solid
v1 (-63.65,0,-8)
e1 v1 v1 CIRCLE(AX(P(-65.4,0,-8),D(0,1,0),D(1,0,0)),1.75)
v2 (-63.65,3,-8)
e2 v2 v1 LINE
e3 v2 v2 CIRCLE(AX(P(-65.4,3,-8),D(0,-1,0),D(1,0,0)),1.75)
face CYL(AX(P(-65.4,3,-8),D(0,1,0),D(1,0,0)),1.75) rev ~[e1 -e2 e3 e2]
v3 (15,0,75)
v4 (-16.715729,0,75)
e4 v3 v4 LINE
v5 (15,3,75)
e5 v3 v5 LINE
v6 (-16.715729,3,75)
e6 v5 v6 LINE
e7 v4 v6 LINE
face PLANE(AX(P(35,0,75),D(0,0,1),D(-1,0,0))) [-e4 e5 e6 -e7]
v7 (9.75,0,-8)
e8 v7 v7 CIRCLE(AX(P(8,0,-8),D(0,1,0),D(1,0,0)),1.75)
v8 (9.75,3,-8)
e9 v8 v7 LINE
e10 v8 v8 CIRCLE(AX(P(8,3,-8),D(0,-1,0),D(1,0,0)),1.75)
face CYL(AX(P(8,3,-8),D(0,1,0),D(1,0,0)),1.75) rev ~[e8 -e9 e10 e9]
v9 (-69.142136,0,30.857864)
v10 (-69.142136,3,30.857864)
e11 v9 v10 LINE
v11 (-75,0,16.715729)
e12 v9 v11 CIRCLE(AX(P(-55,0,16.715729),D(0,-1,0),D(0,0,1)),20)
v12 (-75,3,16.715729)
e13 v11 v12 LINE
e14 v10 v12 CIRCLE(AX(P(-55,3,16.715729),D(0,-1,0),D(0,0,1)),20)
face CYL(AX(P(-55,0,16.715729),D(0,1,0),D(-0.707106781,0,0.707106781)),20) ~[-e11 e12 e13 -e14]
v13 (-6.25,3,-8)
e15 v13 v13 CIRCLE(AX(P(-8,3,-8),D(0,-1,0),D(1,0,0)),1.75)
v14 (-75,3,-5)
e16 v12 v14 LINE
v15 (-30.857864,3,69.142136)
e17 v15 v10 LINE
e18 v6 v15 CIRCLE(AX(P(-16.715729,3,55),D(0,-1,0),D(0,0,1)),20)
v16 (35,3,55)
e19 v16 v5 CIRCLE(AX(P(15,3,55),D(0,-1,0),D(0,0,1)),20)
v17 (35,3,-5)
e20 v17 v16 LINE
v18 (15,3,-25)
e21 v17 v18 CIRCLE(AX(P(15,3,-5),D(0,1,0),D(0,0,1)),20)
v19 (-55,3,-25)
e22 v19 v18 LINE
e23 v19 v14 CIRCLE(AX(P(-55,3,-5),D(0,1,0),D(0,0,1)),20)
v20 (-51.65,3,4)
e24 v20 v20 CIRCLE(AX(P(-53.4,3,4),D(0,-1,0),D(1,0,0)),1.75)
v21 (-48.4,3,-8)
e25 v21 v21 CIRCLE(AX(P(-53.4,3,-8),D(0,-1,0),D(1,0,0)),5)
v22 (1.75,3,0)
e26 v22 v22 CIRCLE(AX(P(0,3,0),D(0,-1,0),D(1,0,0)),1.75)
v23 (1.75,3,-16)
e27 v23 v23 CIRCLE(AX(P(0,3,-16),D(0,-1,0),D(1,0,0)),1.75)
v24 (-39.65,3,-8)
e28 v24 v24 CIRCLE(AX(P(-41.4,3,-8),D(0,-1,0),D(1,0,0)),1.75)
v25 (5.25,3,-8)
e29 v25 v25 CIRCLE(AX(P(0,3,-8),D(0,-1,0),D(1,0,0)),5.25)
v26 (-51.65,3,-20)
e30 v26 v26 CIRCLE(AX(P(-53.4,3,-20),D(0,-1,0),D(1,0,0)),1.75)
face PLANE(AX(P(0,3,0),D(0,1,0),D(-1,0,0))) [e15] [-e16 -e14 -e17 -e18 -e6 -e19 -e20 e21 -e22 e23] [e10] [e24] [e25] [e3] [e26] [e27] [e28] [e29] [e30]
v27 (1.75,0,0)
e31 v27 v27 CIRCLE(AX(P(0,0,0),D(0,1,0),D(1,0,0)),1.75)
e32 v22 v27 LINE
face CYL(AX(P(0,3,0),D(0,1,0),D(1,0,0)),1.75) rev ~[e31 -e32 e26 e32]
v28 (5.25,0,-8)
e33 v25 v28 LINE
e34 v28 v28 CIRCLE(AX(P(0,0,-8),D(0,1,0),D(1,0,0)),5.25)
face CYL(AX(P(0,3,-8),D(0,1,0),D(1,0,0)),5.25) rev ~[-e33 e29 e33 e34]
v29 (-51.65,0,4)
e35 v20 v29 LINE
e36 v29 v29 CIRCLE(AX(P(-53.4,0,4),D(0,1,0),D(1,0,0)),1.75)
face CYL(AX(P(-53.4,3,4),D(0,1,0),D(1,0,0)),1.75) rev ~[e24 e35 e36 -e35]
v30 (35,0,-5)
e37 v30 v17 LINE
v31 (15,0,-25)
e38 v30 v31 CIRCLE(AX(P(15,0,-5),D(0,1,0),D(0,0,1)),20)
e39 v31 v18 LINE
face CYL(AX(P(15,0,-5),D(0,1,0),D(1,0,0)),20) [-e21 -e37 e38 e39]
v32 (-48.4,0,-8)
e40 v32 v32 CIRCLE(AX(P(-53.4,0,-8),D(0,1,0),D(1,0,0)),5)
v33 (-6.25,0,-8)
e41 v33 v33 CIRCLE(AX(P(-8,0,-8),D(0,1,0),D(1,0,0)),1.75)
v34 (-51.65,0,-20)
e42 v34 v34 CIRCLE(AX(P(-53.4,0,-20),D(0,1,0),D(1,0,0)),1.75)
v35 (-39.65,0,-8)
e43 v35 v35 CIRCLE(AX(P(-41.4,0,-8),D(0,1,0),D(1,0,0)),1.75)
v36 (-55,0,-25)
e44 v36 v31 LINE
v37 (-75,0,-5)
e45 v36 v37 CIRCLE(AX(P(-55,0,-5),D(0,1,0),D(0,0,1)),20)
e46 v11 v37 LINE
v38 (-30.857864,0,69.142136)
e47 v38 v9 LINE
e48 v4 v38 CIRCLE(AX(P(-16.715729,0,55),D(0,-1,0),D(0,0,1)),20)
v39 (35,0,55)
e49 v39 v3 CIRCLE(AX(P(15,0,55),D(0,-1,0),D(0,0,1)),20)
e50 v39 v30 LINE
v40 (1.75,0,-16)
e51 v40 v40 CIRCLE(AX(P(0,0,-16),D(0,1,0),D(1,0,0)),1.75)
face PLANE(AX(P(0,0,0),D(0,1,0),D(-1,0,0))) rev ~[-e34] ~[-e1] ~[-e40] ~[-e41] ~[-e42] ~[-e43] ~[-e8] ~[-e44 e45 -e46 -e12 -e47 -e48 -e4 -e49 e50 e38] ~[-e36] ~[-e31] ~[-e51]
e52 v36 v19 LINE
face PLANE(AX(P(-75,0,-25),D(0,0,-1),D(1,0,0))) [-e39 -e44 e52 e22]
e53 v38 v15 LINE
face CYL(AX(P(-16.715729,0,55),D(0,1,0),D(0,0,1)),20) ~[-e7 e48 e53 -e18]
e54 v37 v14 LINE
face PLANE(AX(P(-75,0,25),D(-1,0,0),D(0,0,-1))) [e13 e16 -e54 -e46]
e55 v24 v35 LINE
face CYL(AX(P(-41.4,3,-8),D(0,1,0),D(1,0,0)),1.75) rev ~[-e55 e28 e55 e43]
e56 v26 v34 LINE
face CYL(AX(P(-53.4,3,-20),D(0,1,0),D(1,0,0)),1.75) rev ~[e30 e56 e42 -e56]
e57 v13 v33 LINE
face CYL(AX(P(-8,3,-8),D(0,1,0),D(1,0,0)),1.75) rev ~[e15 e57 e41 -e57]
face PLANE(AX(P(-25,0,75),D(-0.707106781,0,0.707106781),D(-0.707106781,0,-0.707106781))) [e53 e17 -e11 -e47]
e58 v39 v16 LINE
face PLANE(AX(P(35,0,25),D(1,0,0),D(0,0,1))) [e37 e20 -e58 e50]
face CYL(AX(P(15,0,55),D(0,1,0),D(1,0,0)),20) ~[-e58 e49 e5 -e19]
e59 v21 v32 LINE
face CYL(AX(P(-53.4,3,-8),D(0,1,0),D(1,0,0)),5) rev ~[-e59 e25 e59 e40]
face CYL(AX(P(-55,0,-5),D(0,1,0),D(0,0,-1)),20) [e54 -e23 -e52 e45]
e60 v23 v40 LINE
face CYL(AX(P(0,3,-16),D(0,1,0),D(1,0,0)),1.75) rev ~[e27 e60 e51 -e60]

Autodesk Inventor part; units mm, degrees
ref_plane "YZ Plane" through (0, 0, 0) normal (1, 0, 0) x (0, 1, 0)
ref_plane "XZ Plane" through (0, 0, 0) normal (0, 1, 0) x (-1, 0, 0)
ref_plane "XY Plane" through (0, 0, 0) normal (0, 0, 1) x (1, 0, 0)
sketch "Sketch1" plane through (0, 0, 0) normal (0, 1, 0) x (-1, 0, 0)
  line L0 (-75, 25) -> (75, 25)
  line L1 (75, 25) -> (75, -25)
  line L2 (75, -25) -> (-75, -25)
  line L3 (-75, -25) -> (-75, 25)
  line L4 (-75, 25) -> (75, -25) construction
  line L5 (75, 25) -> (-75, -25) construction
  line L6 (-75, -25) -> (-35, -25)
  line L7 (-35, -25) -> (-35, 25)
  line L8 (-35, 25) -> (-75, 25)
  line L9 (-75, 25) -> (-75, -25)
  line L10 (-35, 25) -> (-35, 75)
  line L11 (-35, 75) -> (75, 75)
  line L12 (75, 75) -> (75, 25)
  line L13 (-35, 75) -> (25, 75)
  line L14 (25, 75) -> (75, 25)
  point P0 (0, 0)
  point P1 (-35, -25)
  dimension "d0" = 150
  dimension "d1" = 50
  dimension "d57" = 40
  dimension "d58" = 50
  dimension "d59" = 50
  dimension "d60" = 60
extrude "Extrusion1" add sketch "Sketch1" along normal blind 3 contours L10 L11 L14 L0 | L0 L1 L2 L7
sketch "Sketch6" plane through (0, 3, 0) normal (0, 1, 0) x (1, 0, 0)
  line L0 (35, 25) -> (-75, 25) projected
  line L1 (0, 25) -> (0, 8)
  circle A0 centre (0, 8) radius 5.25
  line L2 (0, 8) -> (-53.4, 8)
  circle A1 centre (-53.4, 8) radius 5
  circle A2 centre (0, 8) radius 8
  circle A3 centre (0, 16) radius 1.75
  circle A4 centre (-8, 8) radius 1.75
  circle A5 centre (0, 0) radius 1.75
  circle A6 centre (8, 8) radius 1.75
  circle A7 centre (-53.4, 8) radius 12
  line L3 (-53.4, -4) -> (-53.4, 20)
  circle A8 centre (-53.4, 20) radius 1.75
  circle A9 centre (-65.4, 8) radius 1.75
  circle A10 centre (-53.4, -4) radius 1.75
  circle A11 centre (-41.4, 8) radius 1.75
  point P0 (0, 0)
  point P1 (75, 25)
  dimension "d49" = 24
  dimension "d40" = 17
  dimension "d41" = 10.5
  dimension "d42" = 53.4
  dimension "d43" = 10
  dimension "d44" = 3.5
  dimension "d47" = 360
  dimension "d50" = 3.5
  dimension "d53" = 360
extrude "Extrusion6" cut sketch "Sketch6" against normal through all contours A3 A2 L1 | A11 A7 L2 | L2 A7 A11 | L1 A2 A3 | A2 A3 L1 | L1 A3 A2 | A4 L2 A2 | A2 L2 A4 | A0 L2 L1 | L1 L2 A0 | A6 A2 | A2 A6 | A2 A4 L2 | L2 A4 A2 | A5 A2 | A2 A5 | A7 A11 L2 | L2 A11 A7 | A8 L3 A7 | A7 A8 | A10 A7 | A7 L3 A10 | A1 L3 L2 | L2 L3 A1 | L3 A8 A7 | A7 A10 L3 | L3 A1 | A9 A7 | A7 A9
fillet "Fillet1" radius 20 5 edges at (35, 1.5, -25) (35, 1.5, 75) (-25, 1.5, 75) (-75, 1.5, 25) (-75, 1.5, -25)
properties part number "TopMount"
